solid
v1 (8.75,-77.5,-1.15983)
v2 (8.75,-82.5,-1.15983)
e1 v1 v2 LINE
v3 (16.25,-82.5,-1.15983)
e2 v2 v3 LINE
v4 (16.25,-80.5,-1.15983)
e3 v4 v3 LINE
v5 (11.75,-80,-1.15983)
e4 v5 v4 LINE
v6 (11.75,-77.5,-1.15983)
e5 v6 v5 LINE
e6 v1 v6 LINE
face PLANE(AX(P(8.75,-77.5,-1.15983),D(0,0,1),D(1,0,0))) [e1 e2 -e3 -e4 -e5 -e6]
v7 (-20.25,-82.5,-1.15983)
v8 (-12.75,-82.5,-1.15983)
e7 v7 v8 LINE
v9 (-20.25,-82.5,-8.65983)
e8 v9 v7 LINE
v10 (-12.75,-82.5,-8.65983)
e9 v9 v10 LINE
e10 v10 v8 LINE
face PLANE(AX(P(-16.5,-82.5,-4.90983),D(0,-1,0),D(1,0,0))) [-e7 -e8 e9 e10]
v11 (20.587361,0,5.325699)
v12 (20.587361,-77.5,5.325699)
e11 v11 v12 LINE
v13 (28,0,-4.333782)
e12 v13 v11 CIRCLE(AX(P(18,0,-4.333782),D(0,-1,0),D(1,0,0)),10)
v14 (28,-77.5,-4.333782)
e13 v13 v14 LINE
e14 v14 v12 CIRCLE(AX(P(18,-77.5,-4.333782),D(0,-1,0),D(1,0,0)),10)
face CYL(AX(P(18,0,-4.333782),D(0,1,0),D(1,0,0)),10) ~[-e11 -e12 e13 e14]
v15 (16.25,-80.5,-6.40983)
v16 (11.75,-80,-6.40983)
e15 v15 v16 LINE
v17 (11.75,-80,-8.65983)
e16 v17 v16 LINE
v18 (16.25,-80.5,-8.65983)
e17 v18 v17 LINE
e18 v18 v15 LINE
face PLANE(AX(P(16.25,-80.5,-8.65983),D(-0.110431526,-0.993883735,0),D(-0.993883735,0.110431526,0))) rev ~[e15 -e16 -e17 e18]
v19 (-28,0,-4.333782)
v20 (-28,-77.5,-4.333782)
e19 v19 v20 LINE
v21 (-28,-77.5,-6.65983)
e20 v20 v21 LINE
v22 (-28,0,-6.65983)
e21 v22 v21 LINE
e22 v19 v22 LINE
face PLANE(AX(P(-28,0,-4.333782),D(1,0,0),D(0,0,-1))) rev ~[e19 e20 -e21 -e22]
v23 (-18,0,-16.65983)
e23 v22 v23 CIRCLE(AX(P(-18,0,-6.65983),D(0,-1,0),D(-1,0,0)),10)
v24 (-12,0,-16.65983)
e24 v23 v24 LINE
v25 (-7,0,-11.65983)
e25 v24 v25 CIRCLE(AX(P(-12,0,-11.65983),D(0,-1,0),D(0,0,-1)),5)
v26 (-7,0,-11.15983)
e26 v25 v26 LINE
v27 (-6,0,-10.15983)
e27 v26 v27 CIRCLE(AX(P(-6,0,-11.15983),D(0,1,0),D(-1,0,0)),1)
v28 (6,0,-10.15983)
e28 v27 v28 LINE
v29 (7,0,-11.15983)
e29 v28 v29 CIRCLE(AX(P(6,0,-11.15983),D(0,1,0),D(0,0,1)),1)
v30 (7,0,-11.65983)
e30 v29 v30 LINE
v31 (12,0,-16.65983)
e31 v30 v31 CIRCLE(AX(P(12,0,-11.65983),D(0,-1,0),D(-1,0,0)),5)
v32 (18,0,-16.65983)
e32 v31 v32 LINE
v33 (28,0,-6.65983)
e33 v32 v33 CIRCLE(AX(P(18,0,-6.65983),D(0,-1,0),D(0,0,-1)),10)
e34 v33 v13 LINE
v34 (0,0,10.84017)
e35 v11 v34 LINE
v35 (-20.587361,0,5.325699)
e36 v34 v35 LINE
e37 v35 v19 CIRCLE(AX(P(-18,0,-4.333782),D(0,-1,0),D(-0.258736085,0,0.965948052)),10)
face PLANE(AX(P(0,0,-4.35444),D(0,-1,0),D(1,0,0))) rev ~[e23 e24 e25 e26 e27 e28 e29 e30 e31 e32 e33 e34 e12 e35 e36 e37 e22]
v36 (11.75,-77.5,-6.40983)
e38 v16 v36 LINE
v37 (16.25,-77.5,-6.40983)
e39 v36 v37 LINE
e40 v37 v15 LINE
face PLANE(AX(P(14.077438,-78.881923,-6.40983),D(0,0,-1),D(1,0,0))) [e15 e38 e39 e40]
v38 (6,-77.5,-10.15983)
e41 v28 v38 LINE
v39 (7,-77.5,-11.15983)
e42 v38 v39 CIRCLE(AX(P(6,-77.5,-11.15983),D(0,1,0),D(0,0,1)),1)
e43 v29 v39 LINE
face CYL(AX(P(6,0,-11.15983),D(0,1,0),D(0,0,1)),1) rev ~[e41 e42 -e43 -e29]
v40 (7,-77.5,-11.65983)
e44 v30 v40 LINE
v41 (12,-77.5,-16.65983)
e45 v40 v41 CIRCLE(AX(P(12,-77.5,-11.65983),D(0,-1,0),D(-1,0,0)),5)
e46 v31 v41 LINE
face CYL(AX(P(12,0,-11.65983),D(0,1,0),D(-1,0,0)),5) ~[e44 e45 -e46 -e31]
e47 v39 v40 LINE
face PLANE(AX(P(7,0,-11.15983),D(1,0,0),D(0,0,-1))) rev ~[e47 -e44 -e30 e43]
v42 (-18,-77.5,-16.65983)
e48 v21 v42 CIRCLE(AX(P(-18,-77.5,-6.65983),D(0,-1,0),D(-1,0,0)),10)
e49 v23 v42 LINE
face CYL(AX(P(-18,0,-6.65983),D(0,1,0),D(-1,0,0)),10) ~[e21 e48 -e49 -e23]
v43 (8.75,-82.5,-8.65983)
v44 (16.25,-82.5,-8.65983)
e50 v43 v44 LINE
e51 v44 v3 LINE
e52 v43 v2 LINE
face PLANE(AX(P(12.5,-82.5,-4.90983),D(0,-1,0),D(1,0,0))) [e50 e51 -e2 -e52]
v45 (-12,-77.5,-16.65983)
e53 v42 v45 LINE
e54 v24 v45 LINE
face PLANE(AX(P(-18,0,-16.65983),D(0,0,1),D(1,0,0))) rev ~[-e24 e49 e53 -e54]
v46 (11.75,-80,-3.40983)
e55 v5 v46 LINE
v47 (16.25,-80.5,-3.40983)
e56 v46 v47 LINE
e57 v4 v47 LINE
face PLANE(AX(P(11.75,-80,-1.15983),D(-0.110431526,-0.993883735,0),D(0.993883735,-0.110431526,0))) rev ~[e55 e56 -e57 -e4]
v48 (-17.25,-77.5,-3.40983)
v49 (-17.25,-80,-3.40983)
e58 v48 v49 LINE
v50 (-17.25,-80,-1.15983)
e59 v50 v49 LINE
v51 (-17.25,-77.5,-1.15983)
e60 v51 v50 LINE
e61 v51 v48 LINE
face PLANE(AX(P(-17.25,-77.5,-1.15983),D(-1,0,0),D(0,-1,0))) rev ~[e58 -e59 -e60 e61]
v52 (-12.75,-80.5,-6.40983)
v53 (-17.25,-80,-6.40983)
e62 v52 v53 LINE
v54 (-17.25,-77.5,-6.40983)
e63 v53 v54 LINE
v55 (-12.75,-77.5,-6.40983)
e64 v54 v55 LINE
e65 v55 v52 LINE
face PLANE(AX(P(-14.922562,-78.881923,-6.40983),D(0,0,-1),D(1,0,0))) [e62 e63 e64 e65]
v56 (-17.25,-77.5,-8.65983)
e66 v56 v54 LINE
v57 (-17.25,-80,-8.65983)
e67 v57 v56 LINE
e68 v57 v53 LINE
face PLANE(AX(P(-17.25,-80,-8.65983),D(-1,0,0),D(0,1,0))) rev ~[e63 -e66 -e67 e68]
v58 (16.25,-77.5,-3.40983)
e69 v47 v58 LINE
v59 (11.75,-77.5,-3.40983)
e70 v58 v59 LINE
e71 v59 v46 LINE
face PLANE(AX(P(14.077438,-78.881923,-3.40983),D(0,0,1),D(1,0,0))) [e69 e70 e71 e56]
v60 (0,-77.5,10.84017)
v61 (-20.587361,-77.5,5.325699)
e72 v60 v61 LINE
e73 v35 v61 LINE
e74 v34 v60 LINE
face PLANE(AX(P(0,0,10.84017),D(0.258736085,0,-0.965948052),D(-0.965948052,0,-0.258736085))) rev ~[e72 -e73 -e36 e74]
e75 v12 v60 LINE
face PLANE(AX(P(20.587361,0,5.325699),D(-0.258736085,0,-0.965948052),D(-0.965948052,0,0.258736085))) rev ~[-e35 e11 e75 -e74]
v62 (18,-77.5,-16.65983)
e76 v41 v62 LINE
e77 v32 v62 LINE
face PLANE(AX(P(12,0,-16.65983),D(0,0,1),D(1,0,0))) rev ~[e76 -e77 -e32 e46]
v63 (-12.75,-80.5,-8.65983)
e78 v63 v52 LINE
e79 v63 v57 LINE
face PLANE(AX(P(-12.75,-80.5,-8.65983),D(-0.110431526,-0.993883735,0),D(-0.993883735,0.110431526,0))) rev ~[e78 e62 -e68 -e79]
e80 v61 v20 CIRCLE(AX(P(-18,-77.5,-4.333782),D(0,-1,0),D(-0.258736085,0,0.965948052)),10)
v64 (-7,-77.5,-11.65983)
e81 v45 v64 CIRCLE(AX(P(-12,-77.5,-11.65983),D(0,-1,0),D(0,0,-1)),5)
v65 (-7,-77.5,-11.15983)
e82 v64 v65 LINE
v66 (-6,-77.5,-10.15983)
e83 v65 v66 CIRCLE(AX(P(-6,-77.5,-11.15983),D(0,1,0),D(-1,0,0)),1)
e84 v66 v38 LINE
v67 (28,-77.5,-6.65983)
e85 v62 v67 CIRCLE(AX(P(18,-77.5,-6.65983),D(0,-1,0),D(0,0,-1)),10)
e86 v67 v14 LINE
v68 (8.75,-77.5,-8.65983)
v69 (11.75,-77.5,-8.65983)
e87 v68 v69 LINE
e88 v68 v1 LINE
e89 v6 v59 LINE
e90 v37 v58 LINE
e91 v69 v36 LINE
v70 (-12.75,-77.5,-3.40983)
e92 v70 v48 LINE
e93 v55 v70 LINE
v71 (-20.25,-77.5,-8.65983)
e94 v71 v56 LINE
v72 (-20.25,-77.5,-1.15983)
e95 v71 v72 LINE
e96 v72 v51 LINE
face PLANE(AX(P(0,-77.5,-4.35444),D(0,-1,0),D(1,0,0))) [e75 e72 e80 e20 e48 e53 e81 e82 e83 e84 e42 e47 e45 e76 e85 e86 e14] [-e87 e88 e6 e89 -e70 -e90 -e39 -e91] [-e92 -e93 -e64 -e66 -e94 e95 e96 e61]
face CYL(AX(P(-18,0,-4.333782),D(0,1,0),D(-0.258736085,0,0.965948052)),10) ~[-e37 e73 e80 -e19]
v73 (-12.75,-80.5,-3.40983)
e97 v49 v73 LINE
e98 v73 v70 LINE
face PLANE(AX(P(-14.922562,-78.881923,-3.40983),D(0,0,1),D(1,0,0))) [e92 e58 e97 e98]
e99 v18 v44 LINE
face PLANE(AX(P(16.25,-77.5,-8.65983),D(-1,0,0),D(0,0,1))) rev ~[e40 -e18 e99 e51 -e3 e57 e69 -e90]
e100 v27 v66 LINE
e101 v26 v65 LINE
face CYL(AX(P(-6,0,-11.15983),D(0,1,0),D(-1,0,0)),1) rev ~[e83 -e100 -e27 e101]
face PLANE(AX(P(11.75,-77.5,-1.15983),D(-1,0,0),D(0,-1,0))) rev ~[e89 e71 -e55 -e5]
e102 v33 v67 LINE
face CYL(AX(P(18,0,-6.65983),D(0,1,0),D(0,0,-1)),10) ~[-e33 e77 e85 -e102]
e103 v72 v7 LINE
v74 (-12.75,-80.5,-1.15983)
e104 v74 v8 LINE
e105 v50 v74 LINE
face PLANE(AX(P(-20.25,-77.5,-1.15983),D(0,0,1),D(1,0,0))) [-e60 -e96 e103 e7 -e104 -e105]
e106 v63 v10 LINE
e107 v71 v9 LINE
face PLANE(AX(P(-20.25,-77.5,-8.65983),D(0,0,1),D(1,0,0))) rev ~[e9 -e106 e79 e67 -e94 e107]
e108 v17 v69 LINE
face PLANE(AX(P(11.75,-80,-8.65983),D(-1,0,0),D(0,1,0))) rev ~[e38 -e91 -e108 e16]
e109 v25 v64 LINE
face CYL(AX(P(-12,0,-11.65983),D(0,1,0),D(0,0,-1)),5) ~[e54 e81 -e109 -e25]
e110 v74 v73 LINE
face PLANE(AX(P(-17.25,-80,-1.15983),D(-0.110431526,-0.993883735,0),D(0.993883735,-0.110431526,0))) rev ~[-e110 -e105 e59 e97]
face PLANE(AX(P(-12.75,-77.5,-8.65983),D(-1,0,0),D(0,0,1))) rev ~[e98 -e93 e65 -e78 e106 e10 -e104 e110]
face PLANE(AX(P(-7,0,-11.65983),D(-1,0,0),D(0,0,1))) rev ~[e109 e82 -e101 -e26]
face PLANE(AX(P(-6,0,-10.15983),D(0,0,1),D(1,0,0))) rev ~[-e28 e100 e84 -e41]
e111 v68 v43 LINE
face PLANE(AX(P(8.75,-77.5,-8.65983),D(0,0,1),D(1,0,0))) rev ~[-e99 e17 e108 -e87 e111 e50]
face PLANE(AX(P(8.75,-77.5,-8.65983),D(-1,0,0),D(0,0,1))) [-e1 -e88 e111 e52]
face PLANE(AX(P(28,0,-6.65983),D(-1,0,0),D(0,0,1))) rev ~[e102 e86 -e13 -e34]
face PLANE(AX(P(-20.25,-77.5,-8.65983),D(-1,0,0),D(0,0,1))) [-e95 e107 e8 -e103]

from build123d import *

# Parameters (mm, degrees)
F1_DEPTH  = 77.5
F2_W      = 7.5
F2_H      = 7.5
F3_DEPTH  = 5
F6_DEPTH  = 2.25
F7_DEPTH  = 2.25
F10_DEPTH = 2.25
F11_DEPTH = 2.25


with BuildPart() as f1:
    # F0 (on Front) → F1 (new body)
    with BuildSketch(Plane.XZ):
        with BuildLine():
            ThreePointArc((-28, -6.6598297656), (-25.0710678119, -13.7308975774), (-18, -16.6598297656))
            Line((-18, -16.6598297656), (-12, -16.6598297656))
            ThreePointArc((-12, -16.6598297656), (-8.4644660941, -15.1953636715), (-7, -11.6598297656))
            Line((-7, -11.6598297656), (-7, -11.1598297656))
            ThreePointArc((-7, -11.1598297656), (-6.7071067812, -10.4527229844), (-6, -10.1598297656))
            Line((-6, -10.1598297656), (6, -10.1598297656))
            ThreePointArc((6, -10.1598297656), (6.7071067812, -10.4527229844), (7, -11.1598297656))
            Line((7, -11.1598297656), (7, -11.6598297656))
            ThreePointArc((7, -11.6598297656), (8.4644660941, -15.1953636715), (12, -16.6598297656))
            Line((12, -16.6598297656), (18, -16.6598297656))
            ThreePointArc((18, -16.6598297656), (25.0710678119, -13.7308975774), (28, -6.6598297656))
            Line((28, -6.6598297656), (28, -4.3337819374))
            ThreePointArc((28, -4.3337819374), (25.933271977, 1.7541730344), (20.5873608522, 5.3256985776))
            Line((20.5873608522, 5.3256985776), (0, 10.8401702344))
            Line((0, 10.8401702344), (-20.5873608522, 5.3256985776))
            ThreePointArc((-20.5873608522, 5.3256985776), (-25.933271977, 1.7541730344), (-28, -4.3337819374))
            Line((-28, -4.3337819374), (-28, -6.6598297656))
        make_face()
    extrude(amount=F1_DEPTH)

    # F2 (on face) → F3 (join)
    with BuildSketch(Plane.XZ.offset(77.5)):
        with Locations((-16.5, -4.9098297656)):
            Rectangle(F2_W, F2_H)
        with Locations((12.5, -4.9098297656)):
            Rectangle(F2_W, F2_H)
    extrude(amount=F3_DEPTH)

    # F4 (on face) → F6 (cut)
    with BuildSketch(Plane.XY.offset(-1.1598297656)):
        Polygon((-12.75, -77.5), (-17.25, -77.5), (-17.25, -80), (-12.75, -80.5), align=None)
    extrude(amount=-F6_DEPTH, mode=Mode.SUBTRACT)

    # F5 (on face) → F7 (cut)
    with BuildSketch(Plane.XY.offset(-1.1598297656)):
        Polygon((16.25, -77.5), (11.75, -77.5), (11.75, -80), (16.25, -80.5), align=None)
    extrude(amount=-F7_DEPTH, mode=Mode.SUBTRACT)

    # F8 (on face) → F10 (cut)
    with BuildSketch(Plane(origin=(0, 0, -8.6598297656), x_dir=(1, 0, 0), z_dir=(0, 0, -1))):
        Polygon((11.75, 80), (11.75, 77.5), (16.25, 77.5), (16.25, 80.5), align=None)
    extrude(amount=-F10_DEPTH, mode=Mode.SUBTRACT)

    # F9 (on face) → F11 (cut)
    with BuildSketch(Plane(origin=(0, 0, -8.6598297656), x_dir=(1, 0, 0), z_dir=(0, 0, -1))):
        Polygon((-17.25, 80), (-17.25, 77.5), (-12.75, 77.5), (-12.75, 80.5), align=None)
    extrude(amount=-F11_DEPTH, mode=Mode.SUBTRACT)


solid = f1.part
